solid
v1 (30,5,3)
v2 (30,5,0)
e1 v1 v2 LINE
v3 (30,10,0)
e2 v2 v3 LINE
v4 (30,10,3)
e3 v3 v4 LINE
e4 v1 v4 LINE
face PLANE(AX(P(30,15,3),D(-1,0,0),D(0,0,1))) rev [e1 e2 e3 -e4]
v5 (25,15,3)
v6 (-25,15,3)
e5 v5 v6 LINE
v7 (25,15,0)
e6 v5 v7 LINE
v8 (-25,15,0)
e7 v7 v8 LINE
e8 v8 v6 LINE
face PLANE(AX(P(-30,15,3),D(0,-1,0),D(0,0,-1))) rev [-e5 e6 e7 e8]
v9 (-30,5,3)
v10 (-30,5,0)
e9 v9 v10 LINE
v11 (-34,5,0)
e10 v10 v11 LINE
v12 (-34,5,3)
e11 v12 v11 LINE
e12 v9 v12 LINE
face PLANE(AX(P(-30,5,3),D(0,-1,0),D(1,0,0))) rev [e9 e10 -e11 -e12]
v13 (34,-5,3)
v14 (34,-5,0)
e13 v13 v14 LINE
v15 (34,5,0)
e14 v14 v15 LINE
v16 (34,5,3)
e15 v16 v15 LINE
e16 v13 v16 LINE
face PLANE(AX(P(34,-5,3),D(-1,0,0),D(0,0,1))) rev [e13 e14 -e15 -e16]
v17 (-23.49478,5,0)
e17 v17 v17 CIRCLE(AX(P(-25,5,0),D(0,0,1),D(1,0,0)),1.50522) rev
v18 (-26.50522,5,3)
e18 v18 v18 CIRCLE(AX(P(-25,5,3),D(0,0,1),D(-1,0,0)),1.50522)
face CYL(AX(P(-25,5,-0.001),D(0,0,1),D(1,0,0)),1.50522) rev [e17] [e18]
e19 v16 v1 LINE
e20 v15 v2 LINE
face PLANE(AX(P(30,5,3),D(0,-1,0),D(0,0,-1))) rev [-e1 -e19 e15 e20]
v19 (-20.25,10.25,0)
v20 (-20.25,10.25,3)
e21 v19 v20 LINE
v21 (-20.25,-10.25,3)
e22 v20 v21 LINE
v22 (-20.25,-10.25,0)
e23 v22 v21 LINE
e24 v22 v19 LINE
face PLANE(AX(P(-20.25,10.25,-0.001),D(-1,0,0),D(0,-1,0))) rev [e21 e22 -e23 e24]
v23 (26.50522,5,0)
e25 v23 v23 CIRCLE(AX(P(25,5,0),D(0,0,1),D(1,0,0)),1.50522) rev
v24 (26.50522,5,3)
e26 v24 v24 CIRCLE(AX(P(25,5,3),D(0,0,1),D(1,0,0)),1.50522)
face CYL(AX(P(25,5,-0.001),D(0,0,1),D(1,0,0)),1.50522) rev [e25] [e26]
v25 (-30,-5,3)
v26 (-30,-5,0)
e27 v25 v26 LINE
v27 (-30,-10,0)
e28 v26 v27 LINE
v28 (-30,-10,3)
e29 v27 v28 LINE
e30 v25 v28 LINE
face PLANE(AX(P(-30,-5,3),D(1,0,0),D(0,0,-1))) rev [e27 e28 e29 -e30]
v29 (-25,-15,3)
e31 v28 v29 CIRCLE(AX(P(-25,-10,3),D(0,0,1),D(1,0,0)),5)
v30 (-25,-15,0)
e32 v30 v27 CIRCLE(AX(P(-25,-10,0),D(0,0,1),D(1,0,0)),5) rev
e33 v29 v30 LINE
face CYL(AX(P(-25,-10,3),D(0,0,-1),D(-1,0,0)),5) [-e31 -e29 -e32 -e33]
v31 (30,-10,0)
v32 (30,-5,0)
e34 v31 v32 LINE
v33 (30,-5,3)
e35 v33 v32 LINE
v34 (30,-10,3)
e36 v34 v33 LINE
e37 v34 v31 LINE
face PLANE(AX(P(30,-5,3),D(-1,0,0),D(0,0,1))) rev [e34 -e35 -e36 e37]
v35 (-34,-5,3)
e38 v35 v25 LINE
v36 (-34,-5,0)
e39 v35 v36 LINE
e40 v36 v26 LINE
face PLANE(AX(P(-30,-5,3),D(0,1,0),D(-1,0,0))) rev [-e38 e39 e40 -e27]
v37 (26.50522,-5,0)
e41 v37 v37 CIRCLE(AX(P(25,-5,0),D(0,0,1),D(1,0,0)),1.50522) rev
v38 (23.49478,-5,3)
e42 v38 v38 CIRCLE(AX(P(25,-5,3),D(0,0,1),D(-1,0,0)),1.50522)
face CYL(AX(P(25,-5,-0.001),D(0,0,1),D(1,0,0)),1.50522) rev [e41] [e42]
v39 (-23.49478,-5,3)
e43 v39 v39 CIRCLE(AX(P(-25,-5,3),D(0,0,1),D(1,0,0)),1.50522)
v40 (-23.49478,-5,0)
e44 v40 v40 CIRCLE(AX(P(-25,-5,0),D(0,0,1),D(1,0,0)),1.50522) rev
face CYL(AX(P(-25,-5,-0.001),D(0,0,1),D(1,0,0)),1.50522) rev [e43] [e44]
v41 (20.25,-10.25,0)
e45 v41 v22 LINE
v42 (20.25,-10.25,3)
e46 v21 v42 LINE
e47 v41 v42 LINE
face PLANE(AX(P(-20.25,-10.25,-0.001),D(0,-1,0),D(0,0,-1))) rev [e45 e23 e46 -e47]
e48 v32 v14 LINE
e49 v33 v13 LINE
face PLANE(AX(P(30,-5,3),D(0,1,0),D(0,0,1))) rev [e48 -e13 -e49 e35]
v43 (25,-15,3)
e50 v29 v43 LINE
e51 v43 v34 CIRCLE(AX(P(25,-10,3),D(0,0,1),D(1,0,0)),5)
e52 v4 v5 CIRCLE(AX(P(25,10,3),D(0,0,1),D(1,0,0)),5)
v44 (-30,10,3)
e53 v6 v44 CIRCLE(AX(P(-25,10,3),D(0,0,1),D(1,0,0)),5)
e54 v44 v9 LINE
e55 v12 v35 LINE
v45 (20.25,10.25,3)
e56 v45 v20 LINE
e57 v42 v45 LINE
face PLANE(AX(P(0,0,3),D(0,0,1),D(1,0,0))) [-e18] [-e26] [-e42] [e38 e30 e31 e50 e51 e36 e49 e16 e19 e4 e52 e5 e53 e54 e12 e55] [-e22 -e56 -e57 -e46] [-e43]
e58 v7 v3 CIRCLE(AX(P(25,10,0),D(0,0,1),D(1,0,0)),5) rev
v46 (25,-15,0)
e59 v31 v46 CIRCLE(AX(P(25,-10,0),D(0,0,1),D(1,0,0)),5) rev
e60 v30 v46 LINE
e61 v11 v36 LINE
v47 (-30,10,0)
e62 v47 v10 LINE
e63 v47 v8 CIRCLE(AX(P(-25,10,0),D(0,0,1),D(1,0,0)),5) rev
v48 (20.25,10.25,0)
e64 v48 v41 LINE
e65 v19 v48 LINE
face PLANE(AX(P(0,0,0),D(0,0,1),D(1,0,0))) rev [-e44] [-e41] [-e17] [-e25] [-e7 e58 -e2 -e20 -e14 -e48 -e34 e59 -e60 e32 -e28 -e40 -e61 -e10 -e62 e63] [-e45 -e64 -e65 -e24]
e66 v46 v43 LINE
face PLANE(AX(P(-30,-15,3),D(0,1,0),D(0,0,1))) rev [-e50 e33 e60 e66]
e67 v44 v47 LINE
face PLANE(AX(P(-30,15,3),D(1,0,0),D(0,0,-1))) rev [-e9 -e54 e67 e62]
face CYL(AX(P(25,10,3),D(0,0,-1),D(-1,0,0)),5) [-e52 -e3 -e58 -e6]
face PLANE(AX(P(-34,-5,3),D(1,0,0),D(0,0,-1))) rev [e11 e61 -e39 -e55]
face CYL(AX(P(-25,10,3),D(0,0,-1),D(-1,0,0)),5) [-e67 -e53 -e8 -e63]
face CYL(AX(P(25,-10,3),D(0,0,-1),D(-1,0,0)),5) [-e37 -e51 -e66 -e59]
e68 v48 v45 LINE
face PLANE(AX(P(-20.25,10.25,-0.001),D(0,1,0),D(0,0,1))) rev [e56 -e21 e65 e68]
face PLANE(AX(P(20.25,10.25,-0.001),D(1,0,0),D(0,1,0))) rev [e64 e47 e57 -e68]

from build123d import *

# Parameters (mm, degrees)
SALIENTE_EXTRUIR1_DEPTH = 3
CORTAR_EXTRUIR1_REACH   = 5
CROQUIS2_R              = 1.505219631
CROQUIS2_W              = 40.5
CROQUIS2_H              = 20.5
REDONDEO1_R             = 5


with BuildPart() as part:
    # Croquis1 → Saliente-Extruir1 (new body)
    with BuildSketch(Plane.XY):
        Polygon((-30, -5), (-30, -15), (30, -15), (30, -5), (34, -5), (34, 5), (30, 5), (30, 15), (-30, 15), (-30, 5), (-34, 5), (-34, -5), align=None)
    extrude(amount=SALIENTE_EXTRUIR1_DEPTH)

    # Croquis2 → Cortar-Extruir1 (cut, up to next)
    with BuildSketch(Plane.XY.offset(3), mode=Mode.PRIVATE) as cortar_extruir1_sk1:
        with Locations((25, 5)):
            Circle(CROQUIS2_R)
    cortar_extruir1_tool1 = extrude(cortar_extruir1_sk1.sketch, amount=-CORTAR_EXTRUIR1_REACH, mode=Mode.PRIVATE) & part.part
    add(cortar_extruir1_tool1.solids().sort_by_distance((25, 5, 3))[0], mode=Mode.SUBTRACT)
    # Croquis2 → Cortar-Extruir1 (cut, up to next)
    with BuildSketch(Plane.XY.offset(3), mode=Mode.PRIVATE) as cortar_extruir1_sk2:
        with Locations((-25, 5)):
            Circle(CROQUIS2_R)
    cortar_extruir1_tool2 = extrude(cortar_extruir1_sk2.sketch, amount=-CORTAR_EXTRUIR1_REACH, mode=Mode.PRIVATE) & part.part
    add(cortar_extruir1_tool2.solids().sort_by_distance((-25, 5, 3))[0], mode=Mode.SUBTRACT)
    # Croquis2 → Cortar-Extruir1 (cut, up to next)
    with BuildSketch(Plane.XY.offset(3), mode=Mode.PRIVATE) as cortar_extruir1_sk3:
        with Locations((25, -5)):
            Circle(CROQUIS2_R)
    cortar_extruir1_tool3 = extrude(cortar_extruir1_sk3.sketch, amount=-CORTAR_EXTRUIR1_REACH, mode=Mode.PRIVATE) & part.part
    add(cortar_extruir1_tool3.solids().sort_by_distance((25, -5, 3))[0], mode=Mode.SUBTRACT)
    # Croquis2 → Cortar-Extruir1 (cut, up to next)
    with BuildSketch(Plane.XY.offset(3), mode=Mode.PRIVATE) as cortar_extruir1_sk4:
        with Locations((-25, -5)):
            Circle(CROQUIS2_R)
    cortar_extruir1_tool4 = extrude(cortar_extruir1_sk4.sketch, amount=-CORTAR_EXTRUIR1_REACH, mode=Mode.PRIVATE) & part.part
    add(cortar_extruir1_tool4.solids().sort_by_distance((-25, -5, 3))[0], mode=Mode.SUBTRACT)
    # Croquis2 → Cortar-Extruir1 (cut, up to next)
    with BuildSketch(Plane.XY.offset(3), mode=Mode.PRIVATE) as cortar_extruir1_sk5:
        Rectangle(CROQUIS2_W, CROQUIS2_H)
    cortar_extruir1_tool5 = extrude(cortar_extruir1_sk5.sketch, amount=-CORTAR_EXTRUIR1_REACH, mode=Mode.PRIVATE) & part.part
    add(cortar_extruir1_tool5.solids().sort_by_distance((0, 0, 3))[0], mode=Mode.SUBTRACT)

    # Redondeo1
    redondeo1_edges = [part.edges().sort_by_distance(p)[0] for p in [
        (30, -15, 1.5),
        (-30, -15, 1.5),
        (-30, 15, 1.5),
        (30, 15, 1.5),
    ]]
    fillet(redondeo1_edges, radius=REDONDEO1_R)


solid = part.part
